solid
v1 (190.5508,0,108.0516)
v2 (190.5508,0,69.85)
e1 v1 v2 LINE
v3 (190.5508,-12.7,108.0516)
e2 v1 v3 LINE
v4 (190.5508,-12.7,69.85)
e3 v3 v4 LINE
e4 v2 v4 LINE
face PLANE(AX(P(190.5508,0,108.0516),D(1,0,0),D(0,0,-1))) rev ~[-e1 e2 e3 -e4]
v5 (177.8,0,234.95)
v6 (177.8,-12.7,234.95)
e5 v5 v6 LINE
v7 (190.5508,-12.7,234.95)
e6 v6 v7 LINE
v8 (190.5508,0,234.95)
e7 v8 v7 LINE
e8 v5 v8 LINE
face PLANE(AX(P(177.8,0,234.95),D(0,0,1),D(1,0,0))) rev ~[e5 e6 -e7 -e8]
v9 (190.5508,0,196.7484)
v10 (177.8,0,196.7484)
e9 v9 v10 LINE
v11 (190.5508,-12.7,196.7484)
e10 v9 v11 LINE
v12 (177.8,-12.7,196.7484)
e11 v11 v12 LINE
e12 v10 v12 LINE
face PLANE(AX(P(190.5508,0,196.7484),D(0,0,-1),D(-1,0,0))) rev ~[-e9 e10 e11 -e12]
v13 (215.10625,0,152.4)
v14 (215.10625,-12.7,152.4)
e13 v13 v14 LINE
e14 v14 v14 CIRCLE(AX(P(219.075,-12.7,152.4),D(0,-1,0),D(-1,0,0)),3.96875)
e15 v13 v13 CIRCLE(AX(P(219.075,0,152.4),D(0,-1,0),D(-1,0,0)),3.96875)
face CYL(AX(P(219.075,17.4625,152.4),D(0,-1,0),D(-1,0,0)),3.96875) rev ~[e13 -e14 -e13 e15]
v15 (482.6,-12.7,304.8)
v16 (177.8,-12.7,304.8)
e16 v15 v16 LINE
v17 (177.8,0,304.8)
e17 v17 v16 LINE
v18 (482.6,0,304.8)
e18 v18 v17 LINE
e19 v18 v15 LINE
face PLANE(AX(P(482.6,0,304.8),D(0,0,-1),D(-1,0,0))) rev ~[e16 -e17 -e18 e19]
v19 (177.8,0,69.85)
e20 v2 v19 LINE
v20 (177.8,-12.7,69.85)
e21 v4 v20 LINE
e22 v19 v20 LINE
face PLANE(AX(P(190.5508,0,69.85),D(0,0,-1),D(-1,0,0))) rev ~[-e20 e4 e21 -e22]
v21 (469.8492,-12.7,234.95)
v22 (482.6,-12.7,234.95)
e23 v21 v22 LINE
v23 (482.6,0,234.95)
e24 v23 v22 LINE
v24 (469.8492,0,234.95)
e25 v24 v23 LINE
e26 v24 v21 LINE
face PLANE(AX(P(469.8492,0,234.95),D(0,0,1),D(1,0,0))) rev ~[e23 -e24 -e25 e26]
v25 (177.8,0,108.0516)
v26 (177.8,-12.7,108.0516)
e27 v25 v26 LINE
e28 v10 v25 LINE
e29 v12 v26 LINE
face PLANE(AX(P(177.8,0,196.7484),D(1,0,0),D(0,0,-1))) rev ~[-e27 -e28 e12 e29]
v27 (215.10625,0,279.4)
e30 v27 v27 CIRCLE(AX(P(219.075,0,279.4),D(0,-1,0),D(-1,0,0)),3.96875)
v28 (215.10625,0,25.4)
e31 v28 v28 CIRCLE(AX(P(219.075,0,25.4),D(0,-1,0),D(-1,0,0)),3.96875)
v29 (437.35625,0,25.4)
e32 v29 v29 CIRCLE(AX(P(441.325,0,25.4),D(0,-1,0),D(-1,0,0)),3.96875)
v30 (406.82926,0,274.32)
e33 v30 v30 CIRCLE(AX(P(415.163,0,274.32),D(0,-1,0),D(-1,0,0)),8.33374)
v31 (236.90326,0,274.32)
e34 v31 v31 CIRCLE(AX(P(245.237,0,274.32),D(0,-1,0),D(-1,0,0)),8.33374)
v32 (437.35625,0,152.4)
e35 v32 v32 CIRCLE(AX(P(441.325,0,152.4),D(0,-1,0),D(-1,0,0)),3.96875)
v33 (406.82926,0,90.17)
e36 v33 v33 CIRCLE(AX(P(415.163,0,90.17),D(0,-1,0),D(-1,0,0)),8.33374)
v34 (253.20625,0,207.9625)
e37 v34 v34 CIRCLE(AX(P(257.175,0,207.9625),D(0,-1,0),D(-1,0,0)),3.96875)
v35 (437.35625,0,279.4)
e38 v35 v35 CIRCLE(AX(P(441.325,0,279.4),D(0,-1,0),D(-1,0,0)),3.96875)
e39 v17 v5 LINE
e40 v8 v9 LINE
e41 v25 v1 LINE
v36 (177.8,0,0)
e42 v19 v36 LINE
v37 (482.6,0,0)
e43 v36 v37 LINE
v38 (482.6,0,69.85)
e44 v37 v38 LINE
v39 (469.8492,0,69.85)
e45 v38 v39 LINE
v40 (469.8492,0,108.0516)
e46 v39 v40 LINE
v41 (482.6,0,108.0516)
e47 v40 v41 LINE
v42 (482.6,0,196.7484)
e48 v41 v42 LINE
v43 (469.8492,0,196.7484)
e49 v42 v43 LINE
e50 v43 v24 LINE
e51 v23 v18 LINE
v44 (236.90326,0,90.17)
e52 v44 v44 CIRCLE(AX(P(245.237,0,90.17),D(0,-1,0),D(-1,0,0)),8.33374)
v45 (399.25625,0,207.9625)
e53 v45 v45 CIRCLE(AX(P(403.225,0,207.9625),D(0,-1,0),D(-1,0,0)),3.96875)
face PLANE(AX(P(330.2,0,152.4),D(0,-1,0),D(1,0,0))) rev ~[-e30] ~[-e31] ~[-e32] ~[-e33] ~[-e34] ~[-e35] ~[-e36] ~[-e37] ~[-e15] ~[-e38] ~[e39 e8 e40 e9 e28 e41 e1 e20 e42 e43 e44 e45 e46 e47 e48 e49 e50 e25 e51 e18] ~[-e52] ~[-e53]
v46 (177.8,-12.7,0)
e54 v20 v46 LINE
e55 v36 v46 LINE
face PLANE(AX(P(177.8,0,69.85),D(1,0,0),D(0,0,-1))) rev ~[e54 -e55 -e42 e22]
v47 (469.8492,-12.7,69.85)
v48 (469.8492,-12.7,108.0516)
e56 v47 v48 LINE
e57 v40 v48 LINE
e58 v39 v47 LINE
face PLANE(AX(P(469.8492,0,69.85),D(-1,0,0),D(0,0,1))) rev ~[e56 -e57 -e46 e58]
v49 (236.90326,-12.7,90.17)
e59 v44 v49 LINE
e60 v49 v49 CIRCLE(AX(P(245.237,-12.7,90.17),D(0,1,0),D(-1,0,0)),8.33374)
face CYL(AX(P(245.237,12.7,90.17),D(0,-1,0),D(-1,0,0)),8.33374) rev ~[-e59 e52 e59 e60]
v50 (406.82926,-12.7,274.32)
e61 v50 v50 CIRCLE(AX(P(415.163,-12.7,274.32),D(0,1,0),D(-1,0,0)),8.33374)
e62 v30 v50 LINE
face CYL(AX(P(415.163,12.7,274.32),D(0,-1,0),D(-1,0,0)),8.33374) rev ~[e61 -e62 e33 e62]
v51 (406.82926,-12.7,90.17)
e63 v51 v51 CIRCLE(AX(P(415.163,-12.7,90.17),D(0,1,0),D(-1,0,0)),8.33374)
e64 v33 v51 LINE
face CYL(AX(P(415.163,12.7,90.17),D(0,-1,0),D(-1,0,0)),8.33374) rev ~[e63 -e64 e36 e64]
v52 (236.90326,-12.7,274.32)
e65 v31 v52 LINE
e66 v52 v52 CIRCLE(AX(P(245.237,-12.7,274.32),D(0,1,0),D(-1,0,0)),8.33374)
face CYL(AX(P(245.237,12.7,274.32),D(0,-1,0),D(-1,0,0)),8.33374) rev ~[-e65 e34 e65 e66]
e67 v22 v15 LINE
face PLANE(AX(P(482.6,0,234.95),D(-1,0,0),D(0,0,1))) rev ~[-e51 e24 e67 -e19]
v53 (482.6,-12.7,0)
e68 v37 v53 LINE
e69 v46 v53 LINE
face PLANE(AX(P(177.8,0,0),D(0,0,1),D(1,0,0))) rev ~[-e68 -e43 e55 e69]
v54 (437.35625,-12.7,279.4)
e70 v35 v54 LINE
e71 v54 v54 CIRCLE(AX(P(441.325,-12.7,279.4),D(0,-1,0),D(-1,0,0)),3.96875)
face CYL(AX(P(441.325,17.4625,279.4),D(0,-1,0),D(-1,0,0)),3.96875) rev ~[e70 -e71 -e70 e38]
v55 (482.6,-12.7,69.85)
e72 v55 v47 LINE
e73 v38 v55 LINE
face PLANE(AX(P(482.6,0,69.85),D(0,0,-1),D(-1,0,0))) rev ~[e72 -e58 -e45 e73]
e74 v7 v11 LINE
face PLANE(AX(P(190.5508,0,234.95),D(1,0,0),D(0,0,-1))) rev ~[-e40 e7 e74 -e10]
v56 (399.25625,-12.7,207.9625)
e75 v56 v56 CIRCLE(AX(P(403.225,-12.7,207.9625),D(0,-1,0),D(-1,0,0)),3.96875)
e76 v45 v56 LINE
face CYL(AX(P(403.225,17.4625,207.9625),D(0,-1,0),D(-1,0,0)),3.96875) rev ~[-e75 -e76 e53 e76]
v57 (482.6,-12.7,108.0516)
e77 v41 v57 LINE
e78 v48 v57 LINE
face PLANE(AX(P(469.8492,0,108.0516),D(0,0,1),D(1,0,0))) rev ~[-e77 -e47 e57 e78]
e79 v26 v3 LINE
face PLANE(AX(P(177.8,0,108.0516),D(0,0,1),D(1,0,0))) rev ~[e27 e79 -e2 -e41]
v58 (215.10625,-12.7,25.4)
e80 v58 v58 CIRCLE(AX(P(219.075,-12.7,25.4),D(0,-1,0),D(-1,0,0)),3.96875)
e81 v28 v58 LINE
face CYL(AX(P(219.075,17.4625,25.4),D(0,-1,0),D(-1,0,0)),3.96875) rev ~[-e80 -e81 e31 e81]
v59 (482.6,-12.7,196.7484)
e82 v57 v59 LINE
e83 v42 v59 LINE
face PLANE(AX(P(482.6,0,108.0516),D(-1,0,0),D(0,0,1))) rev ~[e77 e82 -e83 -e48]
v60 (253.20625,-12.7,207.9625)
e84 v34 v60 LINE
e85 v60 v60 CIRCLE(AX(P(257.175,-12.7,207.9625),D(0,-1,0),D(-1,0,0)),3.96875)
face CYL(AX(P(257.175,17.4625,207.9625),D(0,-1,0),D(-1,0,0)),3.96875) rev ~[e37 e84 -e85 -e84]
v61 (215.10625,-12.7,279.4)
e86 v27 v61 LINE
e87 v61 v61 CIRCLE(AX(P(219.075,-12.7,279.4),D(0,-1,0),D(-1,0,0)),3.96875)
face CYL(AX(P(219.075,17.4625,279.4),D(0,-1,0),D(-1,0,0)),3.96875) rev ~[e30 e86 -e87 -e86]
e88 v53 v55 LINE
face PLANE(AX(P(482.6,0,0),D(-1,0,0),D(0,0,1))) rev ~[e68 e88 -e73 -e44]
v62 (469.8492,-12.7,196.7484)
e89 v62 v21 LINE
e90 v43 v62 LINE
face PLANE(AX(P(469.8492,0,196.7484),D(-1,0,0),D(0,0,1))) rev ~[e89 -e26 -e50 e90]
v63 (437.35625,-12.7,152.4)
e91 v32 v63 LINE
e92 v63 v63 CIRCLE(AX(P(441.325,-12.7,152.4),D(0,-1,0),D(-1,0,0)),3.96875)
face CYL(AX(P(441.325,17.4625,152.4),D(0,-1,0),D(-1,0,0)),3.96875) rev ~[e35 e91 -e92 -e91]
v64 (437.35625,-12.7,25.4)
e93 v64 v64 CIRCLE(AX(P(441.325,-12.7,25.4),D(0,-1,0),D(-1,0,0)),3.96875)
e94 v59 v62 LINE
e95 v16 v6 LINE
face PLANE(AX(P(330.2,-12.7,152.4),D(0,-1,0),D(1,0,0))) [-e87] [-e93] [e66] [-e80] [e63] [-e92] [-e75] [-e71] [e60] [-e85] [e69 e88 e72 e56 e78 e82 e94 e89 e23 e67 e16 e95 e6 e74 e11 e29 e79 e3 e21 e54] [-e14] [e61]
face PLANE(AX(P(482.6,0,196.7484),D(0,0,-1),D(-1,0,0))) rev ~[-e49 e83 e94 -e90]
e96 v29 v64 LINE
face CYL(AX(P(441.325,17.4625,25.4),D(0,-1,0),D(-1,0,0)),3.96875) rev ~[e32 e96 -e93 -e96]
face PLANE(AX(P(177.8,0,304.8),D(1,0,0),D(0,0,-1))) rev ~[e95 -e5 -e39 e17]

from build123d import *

# Parameters (mm, degrees)
F1_DEPTH = 12.7
F2_D     = 16.66748
F2_DEPTH = 12.7
F2_TIP   = 5.0074161752
F3_D     = 7.9375
F3_DEPTH = 17.4625
F3_TIP   = 2.3846655818


with BuildPart() as f1:
    # F0 (on Front) → F1 (new body)
    with BuildSketch(Plane.XZ):
        Polygon((177.8, 0), (482.6, 0), (482.6, 69.85), (469.8492, 69.85), (469.8492, 108.0516), (482.6, 108.0516), (482.6, 196.7484), (469.8492, 196.7484), (469.8492, 234.95), (482.6, 234.95), (482.6, 304.8), (177.8, 304.8), (177.8, 234.95), (190.5508, 234.95), (190.5508, 196.7484), (177.8, 196.7484), (177.8, 108.0516), (190.5508, 108.0516), (190.5508, 69.85), (177.8, 69.85), align=None)
    extrude(amount=F1_DEPTH)

    # F2
    with Locations(Plane(origin=(0, 0, 0), x_dir=(1, 0, 0), z_dir=(0, 1, 0))):
        with Locations((245.237, -274.32), (415.163, -274.32), (415.163, -90.17), (245.237, -90.17)):
            Hole(F2_D / 2, depth=F2_DEPTH)
            with Locations((0, 0, -(F2_DEPTH + F2_TIP / 2))):  # 118° drill point
                Cone(0, F2_D / 2, F2_TIP, mode=Mode.SUBTRACT)

    # F3
    with Locations(Plane(origin=(0, 0, 0), x_dir=(1, 0, 0), z_dir=(0, 1, 0))):
        with Locations((219.075, -279.4), (257.175, -207.9625), (219.075, -152.4), (403.225, -207.9625), (441.325, -279.4), (441.325, -152.4), (441.325, -25.4), (219.075, -25.4)):
            Hole(F3_D / 2, depth=F3_DEPTH)
            with Locations((0, 0, -(F3_DEPTH + F3_TIP / 2))):  # 118° drill point
                Cone(0, F3_D / 2, F3_TIP, mode=Mode.SUBTRACT)


solid = f1.part
